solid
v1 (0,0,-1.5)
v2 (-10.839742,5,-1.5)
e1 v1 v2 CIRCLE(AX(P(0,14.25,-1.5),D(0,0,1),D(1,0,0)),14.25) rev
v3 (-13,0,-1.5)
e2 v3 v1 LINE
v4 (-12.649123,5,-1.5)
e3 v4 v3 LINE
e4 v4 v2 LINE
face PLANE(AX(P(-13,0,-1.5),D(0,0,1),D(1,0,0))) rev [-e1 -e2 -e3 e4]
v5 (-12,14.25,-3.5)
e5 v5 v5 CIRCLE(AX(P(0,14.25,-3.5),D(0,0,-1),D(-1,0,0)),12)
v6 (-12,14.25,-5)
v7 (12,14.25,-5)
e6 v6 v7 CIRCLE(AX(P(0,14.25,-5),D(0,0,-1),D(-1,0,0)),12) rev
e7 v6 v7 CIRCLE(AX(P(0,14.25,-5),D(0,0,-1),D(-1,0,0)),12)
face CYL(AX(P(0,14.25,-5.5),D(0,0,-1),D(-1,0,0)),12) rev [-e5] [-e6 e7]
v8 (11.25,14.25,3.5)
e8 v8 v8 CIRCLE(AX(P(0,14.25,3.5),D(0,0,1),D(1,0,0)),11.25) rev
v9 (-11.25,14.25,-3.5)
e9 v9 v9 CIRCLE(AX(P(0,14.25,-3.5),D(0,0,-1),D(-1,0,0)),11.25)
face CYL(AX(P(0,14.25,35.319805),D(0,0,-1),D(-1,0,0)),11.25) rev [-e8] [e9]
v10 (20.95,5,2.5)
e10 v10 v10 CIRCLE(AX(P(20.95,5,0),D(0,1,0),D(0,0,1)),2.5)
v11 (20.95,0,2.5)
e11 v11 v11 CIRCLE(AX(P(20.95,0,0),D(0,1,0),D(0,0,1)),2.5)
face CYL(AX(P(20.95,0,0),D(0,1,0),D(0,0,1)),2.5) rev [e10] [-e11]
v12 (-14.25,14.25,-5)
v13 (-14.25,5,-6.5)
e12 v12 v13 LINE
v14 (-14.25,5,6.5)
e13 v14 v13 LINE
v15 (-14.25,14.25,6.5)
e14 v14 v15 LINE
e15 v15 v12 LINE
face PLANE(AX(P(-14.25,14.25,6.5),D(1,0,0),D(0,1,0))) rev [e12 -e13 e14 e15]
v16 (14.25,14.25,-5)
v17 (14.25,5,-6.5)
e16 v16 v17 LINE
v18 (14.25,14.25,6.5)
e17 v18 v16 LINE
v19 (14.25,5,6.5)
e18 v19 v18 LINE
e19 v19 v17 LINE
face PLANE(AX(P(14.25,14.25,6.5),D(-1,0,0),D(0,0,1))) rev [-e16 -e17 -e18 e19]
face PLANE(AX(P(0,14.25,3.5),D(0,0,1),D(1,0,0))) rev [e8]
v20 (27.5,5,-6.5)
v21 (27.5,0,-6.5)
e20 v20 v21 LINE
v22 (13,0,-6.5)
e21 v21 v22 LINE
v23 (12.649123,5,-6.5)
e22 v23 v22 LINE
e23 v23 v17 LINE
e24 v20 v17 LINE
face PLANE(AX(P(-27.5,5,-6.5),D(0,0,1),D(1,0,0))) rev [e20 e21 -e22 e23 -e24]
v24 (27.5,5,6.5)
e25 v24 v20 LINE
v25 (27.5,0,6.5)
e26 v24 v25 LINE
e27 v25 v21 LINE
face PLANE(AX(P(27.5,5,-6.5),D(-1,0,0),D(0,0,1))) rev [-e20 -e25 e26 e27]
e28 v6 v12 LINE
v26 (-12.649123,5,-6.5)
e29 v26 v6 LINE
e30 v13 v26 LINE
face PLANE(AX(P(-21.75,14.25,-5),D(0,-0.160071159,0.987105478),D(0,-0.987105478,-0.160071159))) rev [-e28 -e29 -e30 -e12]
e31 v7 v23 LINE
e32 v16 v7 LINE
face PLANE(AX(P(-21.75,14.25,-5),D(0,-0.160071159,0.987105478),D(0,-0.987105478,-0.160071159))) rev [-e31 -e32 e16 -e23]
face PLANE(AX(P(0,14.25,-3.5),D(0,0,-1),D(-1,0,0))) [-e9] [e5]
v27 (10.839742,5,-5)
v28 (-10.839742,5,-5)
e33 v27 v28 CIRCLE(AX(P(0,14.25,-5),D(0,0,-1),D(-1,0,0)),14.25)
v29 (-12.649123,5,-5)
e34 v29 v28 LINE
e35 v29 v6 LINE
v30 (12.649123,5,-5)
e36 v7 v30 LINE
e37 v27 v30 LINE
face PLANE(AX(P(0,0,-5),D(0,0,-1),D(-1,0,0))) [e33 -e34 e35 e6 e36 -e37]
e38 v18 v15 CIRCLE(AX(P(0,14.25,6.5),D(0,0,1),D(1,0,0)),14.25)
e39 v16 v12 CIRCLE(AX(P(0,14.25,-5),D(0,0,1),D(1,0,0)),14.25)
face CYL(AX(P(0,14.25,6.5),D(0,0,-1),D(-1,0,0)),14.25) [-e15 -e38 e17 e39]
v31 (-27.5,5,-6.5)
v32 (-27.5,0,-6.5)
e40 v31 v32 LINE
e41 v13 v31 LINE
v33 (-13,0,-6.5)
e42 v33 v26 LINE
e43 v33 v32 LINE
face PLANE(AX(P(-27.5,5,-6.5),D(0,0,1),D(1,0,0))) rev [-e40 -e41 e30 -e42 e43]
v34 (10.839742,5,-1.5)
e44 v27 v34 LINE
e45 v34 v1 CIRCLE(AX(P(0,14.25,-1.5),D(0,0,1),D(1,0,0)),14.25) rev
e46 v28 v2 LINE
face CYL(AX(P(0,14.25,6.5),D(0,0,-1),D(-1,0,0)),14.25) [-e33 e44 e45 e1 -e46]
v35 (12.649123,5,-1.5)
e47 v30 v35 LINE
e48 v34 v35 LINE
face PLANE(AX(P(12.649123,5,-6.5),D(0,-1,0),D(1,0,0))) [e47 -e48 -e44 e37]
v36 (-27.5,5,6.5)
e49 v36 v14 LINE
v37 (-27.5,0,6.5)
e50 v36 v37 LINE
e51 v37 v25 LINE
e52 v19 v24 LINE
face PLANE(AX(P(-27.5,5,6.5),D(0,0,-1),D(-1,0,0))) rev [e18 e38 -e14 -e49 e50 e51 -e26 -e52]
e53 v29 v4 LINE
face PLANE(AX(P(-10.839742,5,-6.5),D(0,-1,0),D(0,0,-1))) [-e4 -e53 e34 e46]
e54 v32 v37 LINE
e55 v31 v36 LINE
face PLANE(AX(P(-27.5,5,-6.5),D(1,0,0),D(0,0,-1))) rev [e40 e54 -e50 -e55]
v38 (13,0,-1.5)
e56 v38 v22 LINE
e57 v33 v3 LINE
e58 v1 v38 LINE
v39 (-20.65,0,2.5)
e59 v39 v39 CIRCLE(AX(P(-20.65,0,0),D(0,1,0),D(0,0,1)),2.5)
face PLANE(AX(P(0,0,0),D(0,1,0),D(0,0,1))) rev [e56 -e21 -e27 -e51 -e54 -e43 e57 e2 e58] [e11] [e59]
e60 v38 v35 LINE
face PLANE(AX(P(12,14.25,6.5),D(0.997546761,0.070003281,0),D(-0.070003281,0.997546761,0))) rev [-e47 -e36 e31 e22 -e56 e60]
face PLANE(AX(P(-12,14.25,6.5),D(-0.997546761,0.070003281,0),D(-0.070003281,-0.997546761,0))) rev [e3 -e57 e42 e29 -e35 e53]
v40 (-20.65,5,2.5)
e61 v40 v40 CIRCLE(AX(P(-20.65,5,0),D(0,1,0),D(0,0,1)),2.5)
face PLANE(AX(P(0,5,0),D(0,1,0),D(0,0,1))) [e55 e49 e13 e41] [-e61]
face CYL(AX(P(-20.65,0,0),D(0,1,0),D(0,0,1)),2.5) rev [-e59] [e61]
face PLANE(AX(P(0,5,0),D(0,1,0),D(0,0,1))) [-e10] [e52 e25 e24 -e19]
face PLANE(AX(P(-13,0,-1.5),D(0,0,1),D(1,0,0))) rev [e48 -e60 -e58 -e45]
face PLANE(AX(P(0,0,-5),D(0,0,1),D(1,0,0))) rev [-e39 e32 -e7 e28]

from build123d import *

# Parameters (mm, degrees)
CROQUIS1_W                   = 55
CROQUIS1_H                   = 13
SALIENTE_EXTRUIR1_DEPTH      = 5
CROQUIS2_R                   = 2.5
CORTAR_EXTRUIR1_DEPTH        = 5
CROQUIS3_W                   = 26
CROQUIS3_H                   = 5
CORTAR_EXTRUIR2_DEPTH        = 5
SALIENTE_EXTRUIR2_DEPTH      = 5
SALIENTE_EXTRUIR2_DEPTH_BACK = 8
CROQUIS4_R                   = 14.25
CROQUIS5_R                   = 12
CORTAR_EXTRUIR3_DEPTH        = 1
CORTAR_EXTRUIR4_START        = -1
CROQUIS6_R                   = 12
CORTAR_EXTRUIR4_DEPTH        = 1
SALIENTE_EXTRUIR3_DEPTH      = 1
SALIENTE_EXTRUIR3_DEPTH_BACK = 12
SALIENTE_EXTRUIR4_DEPTH      = 13
CROQUIS9_R                   = 11
CORTAR_EXTRUIR5_DEPTH        = 13
CROQUIS10_W                  = 30.554627906
CROQUIS10_H                  = 17.725009208
CORTAR_EXTRUIR6_DEPTH        = 1.5
CROQUIS11_W                  = 31.627471091
CROQUIS11_H                  = 18.560833894
CORTAR_EXTRUIR7_DEPTH        = 1.5
CORTAR_EXTRUIR8_START        = -1.5
CROQUIS13_R                  = 12
CORTAR_EXTRUIR8_DEPTH        = 1.5
CROQUIS14_R                  = 12
CORTAR_EXTRUIR10_DEPTH       = 1.5
CORTAR_EXTRUIR11_START       = 5
CROQUIS15_R                  = 12
CORTAR_EXTRUIR11_DEPTH       = 5
CROQUIS16_R                  = 12
CORTAR_EXTRUIR12_DEPTH       = 5
CORTAR_EXTRUIR13_DEPTH       = 20
CORTAR_EXTRUIR14_DEPTH       = 36
CORTAR_EXTRUIR15_DEPTH       = 36
CORTAR_EXTRUIR16_DEPTH       = 23
CROQUIS22_R                  = 12
SALIENTE_EXTRUIR6_DEPTH      = 1.5
CROQUIS23_R                  = 14.25
SALIENTE_EXTRUIR7_DEPTH      = 1.5
SALIENTE_EXTRUIR9_DEPTH      = 5
SALIENTE_EXTRUIR10_DEPTH     = 5
SALIENTE_EXTRUIR11_START     = -1.5
SALIENTE_EXTRUIR11_DEPTH     = 1.5
SALIENTE_EXTRUIR12_START     = -1.5
SALIENTE_EXTRUIR12_DEPTH     = 1.5
SALIENTE_EXTRUIR13_START     = -10
CROQUIS30_R                  = 11.125
CROQUIS30_R_2                = 11
SALIENTE_EXTRUIR13_DEPTH     = 10
CROQUIS31_R                  = 11.125
CORTAR_EXTRUIR17_DEPTH       = 7
CROQUIS32_R                  = 11.25
CORTAR_EXTRUIR18_DEPTH       = 7


with BuildPart() as part:
    # Croquis1 → Saliente-Extruir1 (new body)
    with BuildSketch(Plane(origin=(0, 0, 0), x_dir=(1, 0, 0), z_dir=(0, 1, 0))):
        Rectangle(CROQUIS1_W, CROQUIS1_H)
    extrude(amount=SALIENTE_EXTRUIR1_DEPTH)

    # Croquis2 → Cortar-Extruir1 (cut)
    with BuildSketch(Plane(origin=(0, 5, 0), x_dir=(1, 0, 0), z_dir=(0, 1, 0))):
        with Locations(Location((-20.65, 0, 0), (0, 0, 270))):
            Circle(CROQUIS2_R)
        with Locations(Location((20.95, 0, 0), (0, 0, 270))):
            Circle(CROQUIS2_R)
    extrude(amount=-CORTAR_EXTRUIR1_DEPTH, mode=Mode.SUBTRACT)

    # Croquis3 → Cortar-Extruir2 (cut)
    with BuildSketch(Plane(origin=(0, 5, 0), x_dir=(1, 0, 0), z_dir=(0, 1, 0))):
        with Locations((0, 4)):
            Rectangle(CROQUIS3_W, CROQUIS3_H)
        with Locations((0, -4)):
            Rectangle(CROQUIS3_W, CROQUIS3_H)
    extrude(amount=-CORTAR_EXTRUIR2_DEPTH, mode=Mode.SUBTRACT)

    # Croquis4 → Saliente-Extruir2 (add, two sides: drawn at the far end of the back side and taken through both)
    with BuildSketch(Plane.XY.offset(1.5).offset(-SALIENTE_EXTRUIR2_DEPTH_BACK)):
        with Locations((0, 14.25)):
            Circle(CROQUIS4_R)
    extrude(amount=SALIENTE_EXTRUIR2_DEPTH + SALIENTE_EXTRUIR2_DEPTH_BACK)

    # Croquis5 → Cortar-Extruir3 (cut)
    with BuildSketch(Plane(origin=(0, 0, -6.5), x_dir=(-1, 0, 0), z_dir=(0, 0, -1))):
        with Locations((0, 14.25)):
            Circle(CROQUIS5_R)
    extrude(amount=-CORTAR_EXTRUIR3_DEPTH, mode=Mode.SUBTRACT)

    # Croquis6 → Cortar-Extruir4 (cut)
    with BuildSketch(Plane.XY.offset(6.5).offset(CORTAR_EXTRUIR4_START)):
        with Locations(Location((0, 14.25, 0), (0, 0, 180))):
            Circle(CROQUIS6_R)
    extrude(amount=CORTAR_EXTRUIR4_DEPTH, mode=Mode.SUBTRACT)

    # Croquis7 → Saliente-Extruir3 (add, two sides: drawn at the far end of the back side and taken through both)
    with BuildSketch(Plane.XY.offset(5.5).offset(-SALIENTE_EXTRUIR3_DEPTH_BACK)):
        Polygon((-12, 14.25), (-13, 0), (-14.25, 5), (-14.25, 14.25), align=None)
        Polygon((12, 14.25), (13, 0), (14.25, 5), (14.25, 14.25), align=None)
    extrude(amount=SALIENTE_EXTRUIR3_DEPTH + SALIENTE_EXTRUIR3_DEPTH_BACK)

    # Croquis8 → Saliente-Extruir4 (add)
    with BuildSketch(Plane.XY.offset(6.5)):
        Polygon((-10.839741694, 5), (-13.183687754, 5), (-12.649122807, 8.463153797), align=None)
        Polygon((12.728523578, 8.463153797), (12.649122807, 5), (10.839741694, 5), align=None)
    extrude(amount=-SALIENTE_EXTRUIR4_DEPTH)

    # Croquis9 → Cortar-Extruir5 (cut)
    with BuildSketch(Plane.XY.offset(5.5)):
        with Locations((0, 14.25)):
            Circle(CROQUIS9_R)
    extrude(amount=-CORTAR_EXTRUIR5_DEPTH, mode=Mode.SUBTRACT)

    # Croquis10 → Cortar-Extruir6 (cut)
    with BuildSketch(Plane(origin=(0, 0, -6.5), x_dir=(-1, 0, 0), z_dir=(0, 0, -1))):
        with Locations((1.027313953, 23.112504604)):
            Rectangle(CROQUIS10_W, CROQUIS10_H)
    extrude(amount=-CORTAR_EXTRUIR6_DEPTH, mode=Mode.SUBTRACT)

    # Croquis11 → Cortar-Extruir7 (cut)
    with BuildSketch(Plane.XY.offset(6.5)):
        with Locations((-1.563735546, 23.530416947)):
            Rectangle(CROQUIS11_W, CROQUIS11_H)
    extrude(amount=-CORTAR_EXTRUIR7_DEPTH, mode=Mode.SUBTRACT)

    # Croquis13 → Cortar-Extruir8 (cut)
    with BuildSketch(Plane.XY.offset(5).offset(CORTAR_EXTRUIR8_START)):
        with Locations((0, 14.25)):
            Circle(CROQUIS13_R)
    extrude(amount=CORTAR_EXTRUIR8_DEPTH, mode=Mode.SUBTRACT)

    # Croquis14 → Cortar-Extruir10 (cut)
    with BuildSketch(Plane(origin=(0, 0, -5), x_dir=(-1, 0, 0), z_dir=(0, 0, -1))):
        with Locations(Location((0, 14.25, 0), (0, 0, 180))):
            Circle(CROQUIS14_R)
    extrude(amount=-CORTAR_EXTRUIR10_DEPTH, mode=Mode.SUBTRACT)

    # Croquis15 → Cortar-Extruir11 (cut)
    with BuildSketch(Plane(origin=(0, 0, -3.5), x_dir=(-1, 0, 0), z_dir=(0, 0, -1)).offset(CORTAR_EXTRUIR11_START)):
        with Locations((0, 14.25)):
            Circle(CROQUIS15_R)
    extrude(amount=-CORTAR_EXTRUIR11_DEPTH, mode=Mode.SUBTRACT)

    # Croquis16 → Cortar-Extruir12 (cut)
    with BuildSketch(Plane.XY.offset(3.5)):
        with Locations(Location((0, 14.25, 0), (0, 0, 180))):
            Circle(CROQUIS16_R)
    extrude(amount=CORTAR_EXTRUIR12_DEPTH, mode=Mode.SUBTRACT)

    # Croquis17 → Cortar-Extruir13 (cut)
    with BuildSketch(Plane.XY.offset(5)):
        Polygon((-12, 14.25), (-13, 0), (13, 0), (12, 14.25), align=None)
    extrude(amount=CORTAR_EXTRUIR13_DEPTH, mode=Mode.SUBTRACT)

    # Croquis18 → Cortar-Extruir14 (cut)
    with BuildSketch(Plane.ZY.offset(14.25)):
        Polygon((5, 14.25), (6.5, 5), (6.5, 14.25), align=None)
    extrude(amount=-CORTAR_EXTRUIR14_DEPTH, mode=Mode.SUBTRACT)

    # Croquis19 → Cortar-Extruir15 (cut)
    with BuildSketch(Plane(origin=(14.25, 0, 0), x_dir=(0, 0, -1), z_dir=(1, 0, 0))):
        Polygon((5, 14.25), (6.5, 5), (6.5, 14.25), align=None)
    extrude(amount=-CORTAR_EXTRUIR15_DEPTH, mode=Mode.SUBTRACT)

    # Croquis20 → Cortar-Extruir16 (cut)
    with BuildSketch(Plane(origin=(0, 0, -5), x_dir=(-1, 0, 0), z_dir=(0, 0, -1))):
        Polygon((-12, 14.25), (-13, 0), (13, 0), (12, 14.25), align=None)
    extrude(amount=CORTAR_EXTRUIR16_DEPTH, mode=Mode.SUBTRACT)

    # Croquis22 → Saliente-Extruir6 (add)
    with BuildSketch(Plane.XY.offset(3.5)):
        with Locations(Location((0, 14.25, 0), (0, 0, 180))):
            Circle(CROQUIS22_R)
    extrude(amount=SALIENTE_EXTRUIR6_DEPTH)

    # Croquis23 → Saliente-Extruir7 (add)
    with BuildSketch(Plane.XY.offset(5)):
        with Locations((0, 14.25)):
            Circle(CROQUIS23_R)
    extrude(amount=SALIENTE_EXTRUIR7_DEPTH)

    # Croquis24 → Saliente-Extruir9 (add)
    with BuildSketch(Plane.XY.offset(1.5)):
        with BuildLine():
            Line((-10.839741694, 5), (-12.649122807, 5))
            Line((-12.649122807, 5), (-13, 0))
            Line((-13, 0), (0, 0))
            ThreePointArc((0, 0), (-5.968668193, 1.310235705), (-10.839741694, 5))
        make_face()
    extrude(amount=SALIENTE_EXTRUIR9_DEPTH)

    # Croquis26 → Saliente-Extruir10 (add)
    with BuildSketch(Plane.XY.offset(1.5)):
        with BuildLine():
            Line((0, 0), (13, 0))
            Line((13, 0), (12.649122807, 5))
            Line((12.649122807, 5), (10.839741694, 5))
            ThreePointArc((10.839741694, 5), (5.968668193, 1.310235705), (0, 0))
        make_face()
    extrude(amount=SALIENTE_EXTRUIR10_DEPTH)

    # Croquis27 → Saliente-Extruir11 (add)
    with BuildSketch(Plane.XY.offset(6.5).offset(SALIENTE_EXTRUIR11_START)):
        with BuildLine():
            Line((-12.649122807, 5), (-10.839741694, 5))
            ThreePointArc((-10.839741694, 5), (-13.370280834, 9.320690674), (-14.25, 14.25))
            Line((-14.25, 14.25), (-14.25, 5))
            Line((-14.25, 5), (-12.649122807, 5))
        make_face()
    extrude(amount=SALIENTE_EXTRUIR11_DEPTH)

    # Croquis28 → Saliente-Extruir12 (add)
    with BuildSketch(Plane.XY.offset(6.5).offset(SALIENTE_EXTRUIR12_START)):
        with BuildLine():
            ThreePointArc((14.25, 14.25), (13.370280834, 9.320690674), (10.839741694, 5))
            Line((10.839741694, 5), (12.649122807, 5))
            Line((12.649122807, 5), (14.25, 5))
            Line((14.25, 5), (14.25, 14.25))
        make_face()
    extrude(amount=SALIENTE_EXTRUIR12_DEPTH)

    # Croquis30 → Saliente-Extruir13 (add)
    with BuildSketch(Plane(origin=(0, 0, -3.5), x_dir=(-1, 0, 0), z_dir=(0, 0, -1)).offset(SALIENTE_EXTRUIR13_START)):
        with Locations((0, 14.25)):
            Circle(CROQUIS30_R)
        with Locations(Location((0, 14.25, 0), (0, 0, 180))):
            Circle(CROQUIS30_R_2, mode=Mode.SUBTRACT)
    extrude(amount=SALIENTE_EXTRUIR13_DEPTH)

    # Croquis31 → Cortar-Extruir17 (cut)
    with BuildSketch(Plane(origin=(0, 0, -3.5), x_dir=(-1, 0, 0), z_dir=(0, 0, -1))):
        with Locations((0, 14.25)):
            Circle(CROQUIS31_R)
    extrude(amount=-CORTAR_EXTRUIR17_DEPTH, mode=Mode.SUBTRACT)

    # Croquis32 → Cortar-Extruir18 (cut)
    with BuildSketch(Plane(origin=(0, 0, -3.5), x_dir=(-1, 0, 0), z_dir=(0, 0, -1))):
        with Locations((0, 14.25)):
            Circle(CROQUIS32_R)
    extrude(amount=-CORTAR_EXTRUIR18_DEPTH, mode=Mode.SUBTRACT)


solid = part.part
